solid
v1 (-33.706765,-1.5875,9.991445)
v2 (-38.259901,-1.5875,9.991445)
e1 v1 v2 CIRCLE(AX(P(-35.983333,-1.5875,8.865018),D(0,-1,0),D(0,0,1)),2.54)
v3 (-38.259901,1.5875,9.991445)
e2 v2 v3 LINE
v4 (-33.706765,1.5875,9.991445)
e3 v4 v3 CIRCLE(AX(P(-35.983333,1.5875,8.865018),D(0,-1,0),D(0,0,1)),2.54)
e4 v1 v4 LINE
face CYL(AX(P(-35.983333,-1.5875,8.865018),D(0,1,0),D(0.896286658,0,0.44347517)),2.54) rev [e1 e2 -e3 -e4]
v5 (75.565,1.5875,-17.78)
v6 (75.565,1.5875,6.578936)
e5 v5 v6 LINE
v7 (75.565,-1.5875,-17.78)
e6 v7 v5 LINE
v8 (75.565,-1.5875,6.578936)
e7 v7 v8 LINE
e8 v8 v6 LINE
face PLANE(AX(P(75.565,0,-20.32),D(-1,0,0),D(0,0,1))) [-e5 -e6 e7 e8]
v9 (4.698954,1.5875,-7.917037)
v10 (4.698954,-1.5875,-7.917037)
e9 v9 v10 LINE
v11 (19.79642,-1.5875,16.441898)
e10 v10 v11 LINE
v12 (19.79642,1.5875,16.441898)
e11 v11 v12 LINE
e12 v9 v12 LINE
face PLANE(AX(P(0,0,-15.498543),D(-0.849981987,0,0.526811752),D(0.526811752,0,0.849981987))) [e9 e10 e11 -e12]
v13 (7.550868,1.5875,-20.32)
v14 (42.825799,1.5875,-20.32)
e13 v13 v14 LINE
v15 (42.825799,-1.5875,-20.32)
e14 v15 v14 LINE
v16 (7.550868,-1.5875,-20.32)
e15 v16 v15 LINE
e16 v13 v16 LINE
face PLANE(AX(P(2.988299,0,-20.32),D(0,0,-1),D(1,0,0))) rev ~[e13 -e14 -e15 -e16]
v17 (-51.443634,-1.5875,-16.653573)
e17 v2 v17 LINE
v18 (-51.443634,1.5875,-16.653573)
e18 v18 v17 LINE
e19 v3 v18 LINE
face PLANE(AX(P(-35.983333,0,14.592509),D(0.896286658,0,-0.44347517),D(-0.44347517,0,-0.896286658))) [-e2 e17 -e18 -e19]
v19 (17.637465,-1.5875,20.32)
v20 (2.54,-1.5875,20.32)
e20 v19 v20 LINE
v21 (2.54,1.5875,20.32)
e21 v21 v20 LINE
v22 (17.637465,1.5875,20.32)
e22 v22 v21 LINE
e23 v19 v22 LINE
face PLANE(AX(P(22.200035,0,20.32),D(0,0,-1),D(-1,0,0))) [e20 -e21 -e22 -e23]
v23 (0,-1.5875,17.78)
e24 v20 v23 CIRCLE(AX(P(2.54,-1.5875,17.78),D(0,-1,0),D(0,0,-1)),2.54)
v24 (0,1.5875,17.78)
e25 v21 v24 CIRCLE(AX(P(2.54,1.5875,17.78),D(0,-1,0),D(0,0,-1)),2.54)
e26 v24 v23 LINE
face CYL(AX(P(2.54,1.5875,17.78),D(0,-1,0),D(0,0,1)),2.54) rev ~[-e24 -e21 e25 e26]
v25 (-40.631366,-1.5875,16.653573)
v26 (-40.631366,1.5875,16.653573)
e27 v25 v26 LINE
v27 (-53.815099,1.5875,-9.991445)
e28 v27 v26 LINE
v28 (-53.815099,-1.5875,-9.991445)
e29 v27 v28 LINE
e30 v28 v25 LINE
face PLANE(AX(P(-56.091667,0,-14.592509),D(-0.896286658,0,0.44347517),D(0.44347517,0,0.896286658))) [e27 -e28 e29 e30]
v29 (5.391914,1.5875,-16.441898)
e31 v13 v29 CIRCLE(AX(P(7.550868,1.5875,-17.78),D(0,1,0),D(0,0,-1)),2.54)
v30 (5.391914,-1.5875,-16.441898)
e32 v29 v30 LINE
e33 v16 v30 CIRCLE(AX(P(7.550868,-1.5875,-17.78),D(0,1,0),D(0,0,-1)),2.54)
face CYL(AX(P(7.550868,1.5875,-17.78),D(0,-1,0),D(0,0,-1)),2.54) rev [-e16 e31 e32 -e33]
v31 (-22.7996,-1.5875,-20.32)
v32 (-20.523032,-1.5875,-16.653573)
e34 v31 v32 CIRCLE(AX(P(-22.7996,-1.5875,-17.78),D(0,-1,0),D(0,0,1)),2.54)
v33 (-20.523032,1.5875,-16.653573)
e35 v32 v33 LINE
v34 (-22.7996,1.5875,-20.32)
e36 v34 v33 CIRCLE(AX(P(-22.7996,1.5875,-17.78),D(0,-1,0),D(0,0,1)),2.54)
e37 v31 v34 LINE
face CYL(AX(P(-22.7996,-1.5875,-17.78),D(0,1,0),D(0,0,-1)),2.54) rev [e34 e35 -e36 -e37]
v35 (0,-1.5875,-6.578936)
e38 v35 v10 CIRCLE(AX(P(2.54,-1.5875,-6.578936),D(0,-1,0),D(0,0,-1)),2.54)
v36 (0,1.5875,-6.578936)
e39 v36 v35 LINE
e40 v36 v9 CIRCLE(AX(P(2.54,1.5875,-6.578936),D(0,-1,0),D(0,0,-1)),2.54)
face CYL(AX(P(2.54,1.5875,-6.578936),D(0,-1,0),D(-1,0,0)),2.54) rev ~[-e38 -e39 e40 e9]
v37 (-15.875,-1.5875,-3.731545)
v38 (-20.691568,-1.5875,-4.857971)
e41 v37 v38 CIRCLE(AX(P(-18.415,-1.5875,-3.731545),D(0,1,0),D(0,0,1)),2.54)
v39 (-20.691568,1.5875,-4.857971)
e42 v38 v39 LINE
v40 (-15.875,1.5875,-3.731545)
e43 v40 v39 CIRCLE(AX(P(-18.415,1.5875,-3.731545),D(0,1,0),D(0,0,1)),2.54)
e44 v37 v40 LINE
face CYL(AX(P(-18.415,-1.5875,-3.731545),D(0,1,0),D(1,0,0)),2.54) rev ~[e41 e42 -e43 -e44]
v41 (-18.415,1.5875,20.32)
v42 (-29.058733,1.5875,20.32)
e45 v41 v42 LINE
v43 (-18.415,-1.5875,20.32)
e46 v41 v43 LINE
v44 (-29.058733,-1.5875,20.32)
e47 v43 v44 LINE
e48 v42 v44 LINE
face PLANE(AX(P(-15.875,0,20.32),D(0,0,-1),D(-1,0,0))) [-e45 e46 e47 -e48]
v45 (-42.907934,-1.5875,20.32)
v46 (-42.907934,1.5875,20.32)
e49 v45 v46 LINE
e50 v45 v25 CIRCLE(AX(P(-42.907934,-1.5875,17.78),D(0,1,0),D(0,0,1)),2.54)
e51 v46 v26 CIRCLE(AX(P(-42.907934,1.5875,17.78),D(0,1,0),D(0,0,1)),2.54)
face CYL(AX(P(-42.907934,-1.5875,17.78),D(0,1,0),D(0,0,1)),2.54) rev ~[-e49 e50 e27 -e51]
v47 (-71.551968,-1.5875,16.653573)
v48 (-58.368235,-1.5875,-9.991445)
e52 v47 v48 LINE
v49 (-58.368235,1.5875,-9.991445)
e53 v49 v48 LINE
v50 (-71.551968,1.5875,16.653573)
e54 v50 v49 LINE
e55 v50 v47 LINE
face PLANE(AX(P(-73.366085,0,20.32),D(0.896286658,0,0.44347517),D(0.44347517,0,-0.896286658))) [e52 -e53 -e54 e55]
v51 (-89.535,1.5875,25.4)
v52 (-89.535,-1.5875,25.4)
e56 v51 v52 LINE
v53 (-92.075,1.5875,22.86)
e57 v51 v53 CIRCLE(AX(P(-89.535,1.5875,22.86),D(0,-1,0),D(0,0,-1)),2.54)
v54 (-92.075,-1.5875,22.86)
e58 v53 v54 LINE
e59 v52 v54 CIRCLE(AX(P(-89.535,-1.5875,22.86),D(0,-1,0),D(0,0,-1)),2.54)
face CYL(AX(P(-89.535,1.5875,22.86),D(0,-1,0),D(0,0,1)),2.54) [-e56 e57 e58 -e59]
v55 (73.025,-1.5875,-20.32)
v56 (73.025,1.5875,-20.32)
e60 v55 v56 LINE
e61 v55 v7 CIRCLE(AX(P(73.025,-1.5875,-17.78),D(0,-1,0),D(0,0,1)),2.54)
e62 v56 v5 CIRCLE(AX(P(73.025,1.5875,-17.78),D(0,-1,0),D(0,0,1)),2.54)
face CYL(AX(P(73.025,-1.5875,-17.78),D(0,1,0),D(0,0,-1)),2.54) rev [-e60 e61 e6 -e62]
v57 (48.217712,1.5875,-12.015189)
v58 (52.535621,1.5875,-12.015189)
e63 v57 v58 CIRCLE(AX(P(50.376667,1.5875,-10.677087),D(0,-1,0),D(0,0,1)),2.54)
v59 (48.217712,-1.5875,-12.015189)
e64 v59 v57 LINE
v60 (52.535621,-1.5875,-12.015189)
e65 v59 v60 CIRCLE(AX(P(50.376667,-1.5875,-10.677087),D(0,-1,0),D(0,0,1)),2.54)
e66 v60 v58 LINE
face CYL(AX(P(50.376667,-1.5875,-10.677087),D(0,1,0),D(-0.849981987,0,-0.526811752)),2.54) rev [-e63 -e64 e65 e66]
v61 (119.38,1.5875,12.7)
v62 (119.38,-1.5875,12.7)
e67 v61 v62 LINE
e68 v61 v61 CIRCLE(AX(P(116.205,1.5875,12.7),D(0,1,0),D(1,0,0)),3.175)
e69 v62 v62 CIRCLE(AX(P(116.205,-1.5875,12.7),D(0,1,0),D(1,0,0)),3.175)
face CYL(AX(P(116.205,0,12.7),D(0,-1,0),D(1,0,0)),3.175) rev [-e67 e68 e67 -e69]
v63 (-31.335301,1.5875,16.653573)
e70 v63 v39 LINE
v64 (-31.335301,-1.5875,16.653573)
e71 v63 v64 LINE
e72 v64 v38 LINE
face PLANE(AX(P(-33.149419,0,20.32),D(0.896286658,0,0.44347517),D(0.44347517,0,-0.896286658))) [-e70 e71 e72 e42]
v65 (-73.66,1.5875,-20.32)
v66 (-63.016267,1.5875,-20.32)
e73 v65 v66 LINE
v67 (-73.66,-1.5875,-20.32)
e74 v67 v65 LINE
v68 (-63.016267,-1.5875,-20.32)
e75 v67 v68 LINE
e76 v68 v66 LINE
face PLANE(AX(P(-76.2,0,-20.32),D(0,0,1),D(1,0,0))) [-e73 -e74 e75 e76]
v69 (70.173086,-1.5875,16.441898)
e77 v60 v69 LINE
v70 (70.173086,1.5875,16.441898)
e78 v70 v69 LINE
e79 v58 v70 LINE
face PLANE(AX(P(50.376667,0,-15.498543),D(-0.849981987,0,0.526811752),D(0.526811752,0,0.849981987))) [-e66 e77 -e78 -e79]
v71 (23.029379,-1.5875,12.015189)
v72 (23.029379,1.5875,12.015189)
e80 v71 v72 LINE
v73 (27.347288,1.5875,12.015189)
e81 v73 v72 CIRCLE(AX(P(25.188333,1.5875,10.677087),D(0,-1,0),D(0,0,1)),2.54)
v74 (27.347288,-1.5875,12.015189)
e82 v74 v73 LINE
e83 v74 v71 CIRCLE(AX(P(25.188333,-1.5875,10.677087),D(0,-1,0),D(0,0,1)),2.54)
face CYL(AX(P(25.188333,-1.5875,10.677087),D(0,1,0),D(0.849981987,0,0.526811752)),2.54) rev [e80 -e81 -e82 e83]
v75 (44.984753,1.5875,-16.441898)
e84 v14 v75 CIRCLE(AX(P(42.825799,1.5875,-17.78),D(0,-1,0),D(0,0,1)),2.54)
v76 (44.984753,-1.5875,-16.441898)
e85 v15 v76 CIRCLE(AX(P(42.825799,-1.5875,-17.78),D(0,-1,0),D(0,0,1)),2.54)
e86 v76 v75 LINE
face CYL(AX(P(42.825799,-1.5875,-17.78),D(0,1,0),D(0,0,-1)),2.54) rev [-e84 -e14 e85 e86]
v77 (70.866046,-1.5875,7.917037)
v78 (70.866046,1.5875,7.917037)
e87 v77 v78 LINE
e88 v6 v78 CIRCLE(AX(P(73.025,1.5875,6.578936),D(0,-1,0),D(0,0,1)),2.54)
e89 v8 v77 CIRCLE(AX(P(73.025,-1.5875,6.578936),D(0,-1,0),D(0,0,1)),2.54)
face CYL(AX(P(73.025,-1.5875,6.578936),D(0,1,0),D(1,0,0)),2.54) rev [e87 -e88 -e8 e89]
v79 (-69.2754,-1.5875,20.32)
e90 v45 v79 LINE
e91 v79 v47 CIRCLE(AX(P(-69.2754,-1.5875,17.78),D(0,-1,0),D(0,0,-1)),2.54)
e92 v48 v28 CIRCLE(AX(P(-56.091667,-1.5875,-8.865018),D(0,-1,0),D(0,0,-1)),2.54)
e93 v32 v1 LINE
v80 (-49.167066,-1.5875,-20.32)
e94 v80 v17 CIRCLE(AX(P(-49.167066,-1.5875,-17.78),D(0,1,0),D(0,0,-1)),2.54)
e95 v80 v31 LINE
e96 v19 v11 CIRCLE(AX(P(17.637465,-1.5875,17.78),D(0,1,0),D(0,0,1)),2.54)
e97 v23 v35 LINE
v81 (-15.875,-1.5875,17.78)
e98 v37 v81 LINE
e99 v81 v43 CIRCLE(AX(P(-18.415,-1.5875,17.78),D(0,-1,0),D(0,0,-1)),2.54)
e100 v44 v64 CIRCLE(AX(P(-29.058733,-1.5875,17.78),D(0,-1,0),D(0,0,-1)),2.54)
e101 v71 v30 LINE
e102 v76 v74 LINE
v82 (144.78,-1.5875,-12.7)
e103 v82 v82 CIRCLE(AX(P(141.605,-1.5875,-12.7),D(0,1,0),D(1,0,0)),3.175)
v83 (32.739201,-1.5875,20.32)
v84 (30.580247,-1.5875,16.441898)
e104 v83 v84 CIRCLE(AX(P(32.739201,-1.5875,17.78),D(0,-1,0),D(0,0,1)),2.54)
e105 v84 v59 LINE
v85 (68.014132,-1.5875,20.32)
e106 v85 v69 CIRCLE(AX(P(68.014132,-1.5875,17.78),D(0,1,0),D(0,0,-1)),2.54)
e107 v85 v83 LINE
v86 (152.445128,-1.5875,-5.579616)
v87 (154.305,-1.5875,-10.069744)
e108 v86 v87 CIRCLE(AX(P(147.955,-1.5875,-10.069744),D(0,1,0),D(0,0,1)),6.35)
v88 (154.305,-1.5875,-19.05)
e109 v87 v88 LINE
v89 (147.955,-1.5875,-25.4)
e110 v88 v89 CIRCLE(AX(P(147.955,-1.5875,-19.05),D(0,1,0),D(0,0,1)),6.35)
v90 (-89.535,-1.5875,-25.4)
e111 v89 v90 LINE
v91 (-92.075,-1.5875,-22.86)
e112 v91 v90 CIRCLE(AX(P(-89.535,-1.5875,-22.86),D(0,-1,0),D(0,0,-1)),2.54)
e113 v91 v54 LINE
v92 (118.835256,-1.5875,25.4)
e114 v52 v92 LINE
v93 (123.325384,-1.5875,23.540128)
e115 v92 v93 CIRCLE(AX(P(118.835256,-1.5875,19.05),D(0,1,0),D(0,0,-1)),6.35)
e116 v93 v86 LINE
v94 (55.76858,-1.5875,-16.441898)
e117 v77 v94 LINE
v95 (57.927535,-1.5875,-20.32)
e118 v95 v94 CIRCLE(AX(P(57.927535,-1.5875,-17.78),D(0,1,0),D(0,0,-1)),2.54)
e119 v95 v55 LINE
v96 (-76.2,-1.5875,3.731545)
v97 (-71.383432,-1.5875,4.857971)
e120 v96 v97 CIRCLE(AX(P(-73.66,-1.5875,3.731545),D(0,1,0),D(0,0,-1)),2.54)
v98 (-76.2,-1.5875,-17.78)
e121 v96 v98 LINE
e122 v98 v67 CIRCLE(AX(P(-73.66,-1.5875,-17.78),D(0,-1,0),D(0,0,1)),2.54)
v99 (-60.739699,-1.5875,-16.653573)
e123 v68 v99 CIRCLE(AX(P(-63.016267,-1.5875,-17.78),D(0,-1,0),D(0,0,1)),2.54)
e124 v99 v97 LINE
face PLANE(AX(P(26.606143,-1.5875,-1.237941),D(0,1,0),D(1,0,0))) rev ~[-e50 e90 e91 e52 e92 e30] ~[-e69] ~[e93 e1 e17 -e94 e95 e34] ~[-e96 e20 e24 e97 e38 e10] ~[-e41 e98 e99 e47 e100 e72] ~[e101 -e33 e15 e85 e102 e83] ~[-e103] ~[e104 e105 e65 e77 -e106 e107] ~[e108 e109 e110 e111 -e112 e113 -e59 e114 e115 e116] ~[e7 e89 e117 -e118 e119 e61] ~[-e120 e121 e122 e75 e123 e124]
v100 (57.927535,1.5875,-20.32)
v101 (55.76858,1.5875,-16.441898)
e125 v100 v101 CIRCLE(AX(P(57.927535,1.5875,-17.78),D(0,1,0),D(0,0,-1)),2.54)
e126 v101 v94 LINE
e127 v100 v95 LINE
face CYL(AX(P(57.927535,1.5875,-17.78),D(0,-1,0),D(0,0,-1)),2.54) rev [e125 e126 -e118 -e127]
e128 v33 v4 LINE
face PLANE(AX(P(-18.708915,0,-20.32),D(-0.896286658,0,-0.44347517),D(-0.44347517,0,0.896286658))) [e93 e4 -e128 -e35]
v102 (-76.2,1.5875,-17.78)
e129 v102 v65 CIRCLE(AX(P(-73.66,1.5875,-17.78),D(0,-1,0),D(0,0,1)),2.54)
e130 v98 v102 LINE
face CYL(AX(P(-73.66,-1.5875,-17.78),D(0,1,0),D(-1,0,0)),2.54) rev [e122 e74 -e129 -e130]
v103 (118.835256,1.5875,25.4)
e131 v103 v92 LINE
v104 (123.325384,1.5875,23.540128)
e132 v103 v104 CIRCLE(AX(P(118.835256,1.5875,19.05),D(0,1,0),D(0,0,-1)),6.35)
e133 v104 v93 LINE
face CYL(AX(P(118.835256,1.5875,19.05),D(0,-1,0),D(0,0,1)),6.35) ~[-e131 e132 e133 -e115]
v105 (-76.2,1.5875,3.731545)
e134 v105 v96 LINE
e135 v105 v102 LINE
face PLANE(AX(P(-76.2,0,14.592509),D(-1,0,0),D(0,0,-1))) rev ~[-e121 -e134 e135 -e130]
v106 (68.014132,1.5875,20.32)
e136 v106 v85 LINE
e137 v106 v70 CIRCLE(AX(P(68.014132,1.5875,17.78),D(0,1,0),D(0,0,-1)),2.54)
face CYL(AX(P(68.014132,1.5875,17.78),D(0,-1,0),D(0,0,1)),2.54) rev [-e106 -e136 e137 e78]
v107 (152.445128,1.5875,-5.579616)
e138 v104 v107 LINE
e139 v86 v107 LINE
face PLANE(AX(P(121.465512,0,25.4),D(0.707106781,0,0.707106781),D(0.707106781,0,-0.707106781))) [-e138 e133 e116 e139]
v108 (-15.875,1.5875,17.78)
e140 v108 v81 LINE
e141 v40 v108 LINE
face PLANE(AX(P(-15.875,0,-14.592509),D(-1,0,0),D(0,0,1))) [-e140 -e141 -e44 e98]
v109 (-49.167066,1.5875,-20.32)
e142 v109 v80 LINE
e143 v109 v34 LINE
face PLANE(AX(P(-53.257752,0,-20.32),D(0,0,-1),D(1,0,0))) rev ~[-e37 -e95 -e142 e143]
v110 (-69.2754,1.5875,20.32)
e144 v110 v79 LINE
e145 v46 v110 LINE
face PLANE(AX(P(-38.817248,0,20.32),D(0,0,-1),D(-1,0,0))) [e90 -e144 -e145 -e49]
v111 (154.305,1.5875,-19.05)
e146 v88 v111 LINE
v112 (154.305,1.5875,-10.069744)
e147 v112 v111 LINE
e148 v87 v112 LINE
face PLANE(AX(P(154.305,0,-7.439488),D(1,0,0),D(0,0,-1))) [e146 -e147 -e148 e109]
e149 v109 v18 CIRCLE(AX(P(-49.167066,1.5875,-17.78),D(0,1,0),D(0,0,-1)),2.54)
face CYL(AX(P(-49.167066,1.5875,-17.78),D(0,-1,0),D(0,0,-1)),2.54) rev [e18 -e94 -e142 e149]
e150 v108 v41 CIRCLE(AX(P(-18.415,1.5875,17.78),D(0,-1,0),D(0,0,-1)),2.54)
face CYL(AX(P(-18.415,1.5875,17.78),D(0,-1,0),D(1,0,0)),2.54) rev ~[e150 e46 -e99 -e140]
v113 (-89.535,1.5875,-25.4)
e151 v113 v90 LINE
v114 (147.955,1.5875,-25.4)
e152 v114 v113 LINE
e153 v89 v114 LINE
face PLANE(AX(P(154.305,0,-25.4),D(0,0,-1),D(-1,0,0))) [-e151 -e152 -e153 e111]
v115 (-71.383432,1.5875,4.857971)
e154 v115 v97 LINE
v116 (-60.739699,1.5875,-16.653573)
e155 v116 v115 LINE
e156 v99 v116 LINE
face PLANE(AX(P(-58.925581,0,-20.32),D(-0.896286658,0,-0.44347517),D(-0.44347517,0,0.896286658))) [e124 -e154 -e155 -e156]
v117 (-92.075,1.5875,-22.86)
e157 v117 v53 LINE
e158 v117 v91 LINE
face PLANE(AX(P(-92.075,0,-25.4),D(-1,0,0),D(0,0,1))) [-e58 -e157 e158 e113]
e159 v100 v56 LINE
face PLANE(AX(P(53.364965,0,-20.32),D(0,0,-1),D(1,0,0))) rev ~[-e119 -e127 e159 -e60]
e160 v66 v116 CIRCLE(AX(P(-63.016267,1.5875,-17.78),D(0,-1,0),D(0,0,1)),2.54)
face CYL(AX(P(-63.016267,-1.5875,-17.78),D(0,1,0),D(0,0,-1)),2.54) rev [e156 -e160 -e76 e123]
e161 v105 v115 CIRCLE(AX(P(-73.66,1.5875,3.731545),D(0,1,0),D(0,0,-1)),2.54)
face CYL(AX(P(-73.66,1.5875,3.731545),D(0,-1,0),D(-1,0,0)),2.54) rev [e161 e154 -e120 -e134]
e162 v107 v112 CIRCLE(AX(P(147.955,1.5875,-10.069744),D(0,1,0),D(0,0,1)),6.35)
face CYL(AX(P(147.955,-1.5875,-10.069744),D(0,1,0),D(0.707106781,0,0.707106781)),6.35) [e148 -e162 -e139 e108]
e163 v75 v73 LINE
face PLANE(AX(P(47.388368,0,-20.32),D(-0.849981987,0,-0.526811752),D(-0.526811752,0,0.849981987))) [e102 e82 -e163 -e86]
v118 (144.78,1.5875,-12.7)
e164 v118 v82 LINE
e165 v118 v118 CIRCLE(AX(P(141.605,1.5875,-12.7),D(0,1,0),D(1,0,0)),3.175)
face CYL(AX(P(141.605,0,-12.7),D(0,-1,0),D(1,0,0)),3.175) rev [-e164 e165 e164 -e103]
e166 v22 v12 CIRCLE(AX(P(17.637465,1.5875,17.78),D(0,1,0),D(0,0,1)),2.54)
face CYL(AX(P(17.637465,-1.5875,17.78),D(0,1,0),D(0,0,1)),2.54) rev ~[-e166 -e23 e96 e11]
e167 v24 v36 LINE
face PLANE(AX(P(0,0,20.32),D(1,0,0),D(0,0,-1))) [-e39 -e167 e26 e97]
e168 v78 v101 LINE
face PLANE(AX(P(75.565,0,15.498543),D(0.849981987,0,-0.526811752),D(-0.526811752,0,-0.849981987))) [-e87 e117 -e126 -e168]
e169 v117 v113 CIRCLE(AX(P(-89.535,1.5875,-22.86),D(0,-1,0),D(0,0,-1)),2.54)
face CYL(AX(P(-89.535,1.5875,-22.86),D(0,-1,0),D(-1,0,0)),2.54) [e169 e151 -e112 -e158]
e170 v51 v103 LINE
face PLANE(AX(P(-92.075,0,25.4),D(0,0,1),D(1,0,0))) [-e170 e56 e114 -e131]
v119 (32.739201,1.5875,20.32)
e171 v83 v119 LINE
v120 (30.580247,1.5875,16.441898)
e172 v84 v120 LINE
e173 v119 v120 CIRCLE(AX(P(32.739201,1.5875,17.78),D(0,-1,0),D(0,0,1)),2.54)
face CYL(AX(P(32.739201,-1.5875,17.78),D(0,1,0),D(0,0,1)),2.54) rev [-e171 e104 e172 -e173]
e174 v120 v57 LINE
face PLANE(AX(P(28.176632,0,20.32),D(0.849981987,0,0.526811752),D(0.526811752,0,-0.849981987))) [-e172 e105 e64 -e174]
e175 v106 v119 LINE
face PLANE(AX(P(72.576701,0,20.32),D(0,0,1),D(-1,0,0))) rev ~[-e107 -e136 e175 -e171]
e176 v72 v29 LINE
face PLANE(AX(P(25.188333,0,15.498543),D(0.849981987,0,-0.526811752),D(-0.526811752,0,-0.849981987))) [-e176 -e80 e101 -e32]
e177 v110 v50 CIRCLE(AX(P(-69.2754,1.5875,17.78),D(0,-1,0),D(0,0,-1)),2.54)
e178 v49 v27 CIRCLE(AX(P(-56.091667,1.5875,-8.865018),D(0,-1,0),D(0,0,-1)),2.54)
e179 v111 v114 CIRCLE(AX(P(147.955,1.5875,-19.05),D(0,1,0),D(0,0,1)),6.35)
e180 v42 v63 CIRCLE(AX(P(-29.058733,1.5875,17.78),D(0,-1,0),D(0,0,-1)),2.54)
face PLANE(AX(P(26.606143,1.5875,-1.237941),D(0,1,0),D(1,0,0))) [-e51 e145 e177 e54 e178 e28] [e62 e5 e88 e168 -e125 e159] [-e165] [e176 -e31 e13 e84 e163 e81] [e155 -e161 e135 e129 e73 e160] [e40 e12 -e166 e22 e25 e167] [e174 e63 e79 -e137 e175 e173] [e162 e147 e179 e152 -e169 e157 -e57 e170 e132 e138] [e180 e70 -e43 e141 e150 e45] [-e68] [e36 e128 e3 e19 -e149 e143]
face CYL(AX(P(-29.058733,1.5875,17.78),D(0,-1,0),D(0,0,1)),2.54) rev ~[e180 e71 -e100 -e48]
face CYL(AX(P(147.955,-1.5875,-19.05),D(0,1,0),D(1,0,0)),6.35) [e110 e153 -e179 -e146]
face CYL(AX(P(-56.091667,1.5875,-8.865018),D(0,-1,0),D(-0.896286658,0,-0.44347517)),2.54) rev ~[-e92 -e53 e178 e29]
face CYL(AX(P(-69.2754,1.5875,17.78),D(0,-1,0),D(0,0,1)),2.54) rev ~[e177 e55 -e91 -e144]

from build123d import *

# Parameters (mm, degrees)
SKETCH1_R           = 3.175
BOSS_EXTRUDE1_DEPTH = 1.5875
FILLET1_R           = 2.54
FILLET2_R           = 6.35


with BuildPart() as part:
    # Sketch1 → Boss-Extrude1 (new body, symmetric)
    with BuildSketch(Plane(origin=(0, 0, 0), x_dir=(1, 0, 0), z_dir=(0, 1, 0))):
        Polygon((121.465512242, -25.4), (154.305, 7.439487758), (154.305, 25.4), (-92.075, 25.4), (-92.075, -25.4), align=None)
        Polygon((-38.817248104, -20.32), (-73.366085229, -20.32), (-56.091666667, 14.592509095), align=None, mode=Mode.SUBTRACT)
        Polygon((-15.875, 14.592509095), (-15.875, -20.32), (-33.149418563, -20.32), align=None, mode=Mode.SUBTRACT)
        Polygon((22.200034711, -20.32), (0, -20.32), (0, 15.498543399), align=None, mode=Mode.SUBTRACT)
        with Locations((116.205, -12.7)):
            Circle(SKETCH1_R, mode=Mode.SUBTRACT)
        Polygon((72.576701378, -20.32), (28.176631956, -20.32), (50.376666667, 15.498543399), align=None, mode=Mode.SUBTRACT)
        Polygon((53.364965289, 20.32), (75.565, 20.32), (75.565, -15.498543399), align=None, mode=Mode.SUBTRACT)
        Polygon((-76.2, -14.592509095), (-76.2, 20.32), (-58.925581437, 20.32), align=None, mode=Mode.SUBTRACT)
        Polygon((-53.257751896, 20.32), (-18.708914771, 20.32), (-35.983333333, -14.592509095), align=None, mode=Mode.SUBTRACT)
        Polygon((2.988298622, 20.32), (47.388368044, 20.32), (25.188333333, -15.498543399), align=None, mode=Mode.SUBTRACT)
        with Locations((141.605, 12.7)):
            Circle(SKETCH1_R, mode=Mode.SUBTRACT)
    extrude(amount=BOSS_EXTRUDE1_DEPTH, both=True)

    # Fillet1
    fillet1_edges = [part.edges().sort_by_distance(p)[0] for p in [
        (-76.2, 0, -20.32),
        (-76.2, 0, 14.592509095),
        (-58.925581437, 0, -20.32),
        (2.988298622, 0, -20.32),
        (25.188333333, 0, 15.498543399),
        (47.388368044, 0, -20.32),
        (0, 0, -15.498543399),
        (0, 0, 20.32),
        (22.200034711, 0, 20.32),
        (72.576701378, 0, 20.32),
        (50.376666667, 0, -15.498543399),
        (28.176631956, 0, 20.32),
        (75.565, 0, 15.498543399),
        (75.565, 0, -20.32),
        (53.364965289, 0, -20.32),
        (-15.875, 0, 20.32),
        (-15.875, 0, -14.592509095),
        (-33.149418563, 0, 20.32),
        (-35.983333333, 0, 14.592509095),
        (-18.708914771, 0, -20.32),
        (-53.257751896, 0, -20.32),
        (-92.075, 0, 25.4),
        (-92.075, 0, -25.4),
        (-38.817248104, 0, 20.32),
        (-56.091666667, 0, -14.592509095),
        (-73.366085229, 0, 20.32),
    ]]
    fillet(fillet1_edges, radius=FILLET1_R)

    # Fillet2
    fillet2_edges = [part.edges().sort_by_distance(p)[0] for p in [
        (154.305, 0, -25.4),
        (154.305, 0, -7.439487758),
        (121.465512242, 0, 25.4),
    ]]
    fillet(fillet2_edges, radius=FILLET2_R)


solid = part.part
